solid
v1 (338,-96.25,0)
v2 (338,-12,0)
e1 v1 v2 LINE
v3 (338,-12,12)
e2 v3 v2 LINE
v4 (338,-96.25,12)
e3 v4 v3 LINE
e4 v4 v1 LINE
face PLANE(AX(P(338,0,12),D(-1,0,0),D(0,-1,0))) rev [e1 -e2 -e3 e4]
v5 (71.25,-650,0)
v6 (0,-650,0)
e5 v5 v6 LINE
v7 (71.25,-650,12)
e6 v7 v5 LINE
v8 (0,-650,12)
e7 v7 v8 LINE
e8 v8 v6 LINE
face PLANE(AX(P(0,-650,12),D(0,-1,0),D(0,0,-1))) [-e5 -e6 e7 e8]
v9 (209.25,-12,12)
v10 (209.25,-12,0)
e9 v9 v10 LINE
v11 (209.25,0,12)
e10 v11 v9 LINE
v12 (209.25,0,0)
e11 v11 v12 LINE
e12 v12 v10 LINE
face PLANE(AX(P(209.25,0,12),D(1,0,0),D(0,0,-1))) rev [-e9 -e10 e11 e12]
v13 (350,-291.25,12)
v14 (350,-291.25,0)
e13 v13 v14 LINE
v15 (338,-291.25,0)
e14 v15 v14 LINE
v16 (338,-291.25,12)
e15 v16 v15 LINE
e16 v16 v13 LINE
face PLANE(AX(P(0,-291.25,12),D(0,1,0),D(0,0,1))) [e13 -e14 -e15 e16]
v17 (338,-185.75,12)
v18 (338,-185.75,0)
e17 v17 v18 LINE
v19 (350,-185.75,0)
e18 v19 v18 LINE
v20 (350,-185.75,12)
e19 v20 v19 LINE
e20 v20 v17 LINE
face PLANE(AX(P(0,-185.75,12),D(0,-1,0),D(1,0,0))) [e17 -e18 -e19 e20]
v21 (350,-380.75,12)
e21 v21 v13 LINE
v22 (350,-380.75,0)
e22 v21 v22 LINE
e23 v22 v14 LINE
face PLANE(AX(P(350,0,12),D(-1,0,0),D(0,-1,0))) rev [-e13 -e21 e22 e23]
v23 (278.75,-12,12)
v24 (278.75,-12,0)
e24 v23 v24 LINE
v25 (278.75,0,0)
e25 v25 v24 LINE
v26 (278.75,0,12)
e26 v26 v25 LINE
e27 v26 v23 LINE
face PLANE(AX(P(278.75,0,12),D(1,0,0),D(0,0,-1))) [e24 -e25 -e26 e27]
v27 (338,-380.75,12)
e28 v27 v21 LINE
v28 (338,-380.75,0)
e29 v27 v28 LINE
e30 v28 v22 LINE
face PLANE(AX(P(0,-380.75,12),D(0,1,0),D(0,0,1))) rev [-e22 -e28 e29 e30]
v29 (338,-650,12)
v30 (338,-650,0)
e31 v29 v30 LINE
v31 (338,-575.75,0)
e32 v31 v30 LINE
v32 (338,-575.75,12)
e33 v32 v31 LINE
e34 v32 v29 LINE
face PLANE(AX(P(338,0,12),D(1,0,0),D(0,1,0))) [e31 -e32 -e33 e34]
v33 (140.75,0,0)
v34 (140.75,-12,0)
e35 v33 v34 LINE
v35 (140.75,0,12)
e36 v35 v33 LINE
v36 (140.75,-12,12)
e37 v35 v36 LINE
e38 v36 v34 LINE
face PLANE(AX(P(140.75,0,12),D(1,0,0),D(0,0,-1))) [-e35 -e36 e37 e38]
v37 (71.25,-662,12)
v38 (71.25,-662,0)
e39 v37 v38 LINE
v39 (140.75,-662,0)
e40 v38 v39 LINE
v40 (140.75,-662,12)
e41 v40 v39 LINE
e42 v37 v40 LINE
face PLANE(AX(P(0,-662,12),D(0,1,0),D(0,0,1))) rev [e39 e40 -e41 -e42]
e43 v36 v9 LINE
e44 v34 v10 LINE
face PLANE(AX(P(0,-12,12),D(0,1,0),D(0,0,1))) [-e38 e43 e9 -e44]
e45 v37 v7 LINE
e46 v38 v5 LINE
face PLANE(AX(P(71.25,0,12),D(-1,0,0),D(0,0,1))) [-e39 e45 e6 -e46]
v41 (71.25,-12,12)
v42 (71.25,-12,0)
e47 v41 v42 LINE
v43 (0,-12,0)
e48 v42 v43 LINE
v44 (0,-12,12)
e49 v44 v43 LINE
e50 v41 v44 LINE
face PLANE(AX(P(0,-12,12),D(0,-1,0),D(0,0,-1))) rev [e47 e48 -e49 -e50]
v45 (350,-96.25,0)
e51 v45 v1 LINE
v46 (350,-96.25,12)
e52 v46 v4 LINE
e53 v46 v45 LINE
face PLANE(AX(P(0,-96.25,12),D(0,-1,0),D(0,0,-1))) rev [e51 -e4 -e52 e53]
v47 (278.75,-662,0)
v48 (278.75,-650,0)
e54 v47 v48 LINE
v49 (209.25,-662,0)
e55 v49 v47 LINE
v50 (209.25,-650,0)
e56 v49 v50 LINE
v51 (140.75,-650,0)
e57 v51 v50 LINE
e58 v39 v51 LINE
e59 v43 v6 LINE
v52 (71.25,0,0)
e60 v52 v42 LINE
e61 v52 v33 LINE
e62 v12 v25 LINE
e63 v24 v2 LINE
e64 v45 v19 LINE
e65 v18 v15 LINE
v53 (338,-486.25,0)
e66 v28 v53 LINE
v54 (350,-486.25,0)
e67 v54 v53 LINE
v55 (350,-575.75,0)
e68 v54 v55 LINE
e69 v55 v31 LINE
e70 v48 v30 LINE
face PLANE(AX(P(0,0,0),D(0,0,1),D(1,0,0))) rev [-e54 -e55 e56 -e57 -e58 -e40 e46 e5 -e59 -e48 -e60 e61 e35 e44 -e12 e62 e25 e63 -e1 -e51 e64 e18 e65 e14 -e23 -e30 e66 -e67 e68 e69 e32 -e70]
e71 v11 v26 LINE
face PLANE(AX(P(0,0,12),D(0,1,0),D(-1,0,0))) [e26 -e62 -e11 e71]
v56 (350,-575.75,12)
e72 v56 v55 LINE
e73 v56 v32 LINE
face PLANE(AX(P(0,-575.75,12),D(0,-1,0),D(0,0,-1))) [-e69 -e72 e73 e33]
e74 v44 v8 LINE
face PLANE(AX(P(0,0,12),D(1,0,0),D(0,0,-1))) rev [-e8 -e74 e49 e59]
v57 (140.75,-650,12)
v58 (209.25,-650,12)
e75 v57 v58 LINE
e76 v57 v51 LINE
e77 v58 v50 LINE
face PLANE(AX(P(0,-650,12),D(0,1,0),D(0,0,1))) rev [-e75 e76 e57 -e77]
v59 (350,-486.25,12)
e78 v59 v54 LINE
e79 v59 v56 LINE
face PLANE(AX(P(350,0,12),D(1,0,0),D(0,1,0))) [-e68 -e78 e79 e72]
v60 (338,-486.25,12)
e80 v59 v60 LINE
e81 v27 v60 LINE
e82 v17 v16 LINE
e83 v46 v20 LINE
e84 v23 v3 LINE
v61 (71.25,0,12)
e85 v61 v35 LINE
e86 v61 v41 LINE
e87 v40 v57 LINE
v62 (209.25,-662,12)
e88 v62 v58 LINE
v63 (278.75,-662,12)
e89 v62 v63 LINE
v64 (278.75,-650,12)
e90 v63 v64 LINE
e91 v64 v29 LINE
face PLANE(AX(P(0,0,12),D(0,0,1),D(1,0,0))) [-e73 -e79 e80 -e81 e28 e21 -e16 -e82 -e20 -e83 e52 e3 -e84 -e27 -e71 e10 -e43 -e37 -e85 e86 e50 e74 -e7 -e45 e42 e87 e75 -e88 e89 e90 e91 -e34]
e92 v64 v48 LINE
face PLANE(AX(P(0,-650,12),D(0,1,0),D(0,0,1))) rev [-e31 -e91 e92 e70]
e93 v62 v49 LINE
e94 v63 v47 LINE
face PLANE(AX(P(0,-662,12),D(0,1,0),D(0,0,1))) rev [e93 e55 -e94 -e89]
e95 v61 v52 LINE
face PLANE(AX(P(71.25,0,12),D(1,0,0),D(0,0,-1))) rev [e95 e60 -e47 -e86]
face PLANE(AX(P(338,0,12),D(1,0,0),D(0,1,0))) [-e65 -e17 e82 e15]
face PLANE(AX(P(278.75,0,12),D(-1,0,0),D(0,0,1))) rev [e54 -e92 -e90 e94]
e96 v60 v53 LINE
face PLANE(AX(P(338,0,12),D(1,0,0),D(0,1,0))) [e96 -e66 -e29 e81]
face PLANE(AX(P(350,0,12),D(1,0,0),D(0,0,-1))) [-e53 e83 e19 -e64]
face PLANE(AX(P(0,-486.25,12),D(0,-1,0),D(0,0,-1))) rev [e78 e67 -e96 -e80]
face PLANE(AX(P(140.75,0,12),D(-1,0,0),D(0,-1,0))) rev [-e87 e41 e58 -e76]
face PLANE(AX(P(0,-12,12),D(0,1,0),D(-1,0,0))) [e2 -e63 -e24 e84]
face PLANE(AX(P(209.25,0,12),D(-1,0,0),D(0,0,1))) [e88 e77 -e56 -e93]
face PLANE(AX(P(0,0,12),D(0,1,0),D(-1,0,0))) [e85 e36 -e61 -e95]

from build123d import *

# Parameters (mm, degrees)
BOSS_EXTRUDE1_DEPTH = 12


with BuildPart() as part:
    # Sketch1 → Boss-Extrude1 (new body)
    with BuildSketch(Plane.XY):
        Polygon((71.25, 0), (140.75, 0), (140.75, -12), (209.25, -12), (209.25, 0), (278.75, 0), (278.75, -12), (338, -12), (338, -96.25), (350, -96.25), (350, -185.75), (338, -185.75), (338, -291.25), (350, -291.25), (350, -380.75), (338, -380.75), (338, -486.25), (350, -486.25), (350, -575.75), (338, -575.75), (338, -650), (278.75, -650), (278.75, -662), (209.25, -662), (209.25, -650), (140.75, -650), (140.75, -662), (71.25, -662), (71.25, -650), (0, -650), (0, -12), (71.25, -12), align=None)
    extrude(amount=BOSS_EXTRUDE1_DEPTH)


solid = part.part
